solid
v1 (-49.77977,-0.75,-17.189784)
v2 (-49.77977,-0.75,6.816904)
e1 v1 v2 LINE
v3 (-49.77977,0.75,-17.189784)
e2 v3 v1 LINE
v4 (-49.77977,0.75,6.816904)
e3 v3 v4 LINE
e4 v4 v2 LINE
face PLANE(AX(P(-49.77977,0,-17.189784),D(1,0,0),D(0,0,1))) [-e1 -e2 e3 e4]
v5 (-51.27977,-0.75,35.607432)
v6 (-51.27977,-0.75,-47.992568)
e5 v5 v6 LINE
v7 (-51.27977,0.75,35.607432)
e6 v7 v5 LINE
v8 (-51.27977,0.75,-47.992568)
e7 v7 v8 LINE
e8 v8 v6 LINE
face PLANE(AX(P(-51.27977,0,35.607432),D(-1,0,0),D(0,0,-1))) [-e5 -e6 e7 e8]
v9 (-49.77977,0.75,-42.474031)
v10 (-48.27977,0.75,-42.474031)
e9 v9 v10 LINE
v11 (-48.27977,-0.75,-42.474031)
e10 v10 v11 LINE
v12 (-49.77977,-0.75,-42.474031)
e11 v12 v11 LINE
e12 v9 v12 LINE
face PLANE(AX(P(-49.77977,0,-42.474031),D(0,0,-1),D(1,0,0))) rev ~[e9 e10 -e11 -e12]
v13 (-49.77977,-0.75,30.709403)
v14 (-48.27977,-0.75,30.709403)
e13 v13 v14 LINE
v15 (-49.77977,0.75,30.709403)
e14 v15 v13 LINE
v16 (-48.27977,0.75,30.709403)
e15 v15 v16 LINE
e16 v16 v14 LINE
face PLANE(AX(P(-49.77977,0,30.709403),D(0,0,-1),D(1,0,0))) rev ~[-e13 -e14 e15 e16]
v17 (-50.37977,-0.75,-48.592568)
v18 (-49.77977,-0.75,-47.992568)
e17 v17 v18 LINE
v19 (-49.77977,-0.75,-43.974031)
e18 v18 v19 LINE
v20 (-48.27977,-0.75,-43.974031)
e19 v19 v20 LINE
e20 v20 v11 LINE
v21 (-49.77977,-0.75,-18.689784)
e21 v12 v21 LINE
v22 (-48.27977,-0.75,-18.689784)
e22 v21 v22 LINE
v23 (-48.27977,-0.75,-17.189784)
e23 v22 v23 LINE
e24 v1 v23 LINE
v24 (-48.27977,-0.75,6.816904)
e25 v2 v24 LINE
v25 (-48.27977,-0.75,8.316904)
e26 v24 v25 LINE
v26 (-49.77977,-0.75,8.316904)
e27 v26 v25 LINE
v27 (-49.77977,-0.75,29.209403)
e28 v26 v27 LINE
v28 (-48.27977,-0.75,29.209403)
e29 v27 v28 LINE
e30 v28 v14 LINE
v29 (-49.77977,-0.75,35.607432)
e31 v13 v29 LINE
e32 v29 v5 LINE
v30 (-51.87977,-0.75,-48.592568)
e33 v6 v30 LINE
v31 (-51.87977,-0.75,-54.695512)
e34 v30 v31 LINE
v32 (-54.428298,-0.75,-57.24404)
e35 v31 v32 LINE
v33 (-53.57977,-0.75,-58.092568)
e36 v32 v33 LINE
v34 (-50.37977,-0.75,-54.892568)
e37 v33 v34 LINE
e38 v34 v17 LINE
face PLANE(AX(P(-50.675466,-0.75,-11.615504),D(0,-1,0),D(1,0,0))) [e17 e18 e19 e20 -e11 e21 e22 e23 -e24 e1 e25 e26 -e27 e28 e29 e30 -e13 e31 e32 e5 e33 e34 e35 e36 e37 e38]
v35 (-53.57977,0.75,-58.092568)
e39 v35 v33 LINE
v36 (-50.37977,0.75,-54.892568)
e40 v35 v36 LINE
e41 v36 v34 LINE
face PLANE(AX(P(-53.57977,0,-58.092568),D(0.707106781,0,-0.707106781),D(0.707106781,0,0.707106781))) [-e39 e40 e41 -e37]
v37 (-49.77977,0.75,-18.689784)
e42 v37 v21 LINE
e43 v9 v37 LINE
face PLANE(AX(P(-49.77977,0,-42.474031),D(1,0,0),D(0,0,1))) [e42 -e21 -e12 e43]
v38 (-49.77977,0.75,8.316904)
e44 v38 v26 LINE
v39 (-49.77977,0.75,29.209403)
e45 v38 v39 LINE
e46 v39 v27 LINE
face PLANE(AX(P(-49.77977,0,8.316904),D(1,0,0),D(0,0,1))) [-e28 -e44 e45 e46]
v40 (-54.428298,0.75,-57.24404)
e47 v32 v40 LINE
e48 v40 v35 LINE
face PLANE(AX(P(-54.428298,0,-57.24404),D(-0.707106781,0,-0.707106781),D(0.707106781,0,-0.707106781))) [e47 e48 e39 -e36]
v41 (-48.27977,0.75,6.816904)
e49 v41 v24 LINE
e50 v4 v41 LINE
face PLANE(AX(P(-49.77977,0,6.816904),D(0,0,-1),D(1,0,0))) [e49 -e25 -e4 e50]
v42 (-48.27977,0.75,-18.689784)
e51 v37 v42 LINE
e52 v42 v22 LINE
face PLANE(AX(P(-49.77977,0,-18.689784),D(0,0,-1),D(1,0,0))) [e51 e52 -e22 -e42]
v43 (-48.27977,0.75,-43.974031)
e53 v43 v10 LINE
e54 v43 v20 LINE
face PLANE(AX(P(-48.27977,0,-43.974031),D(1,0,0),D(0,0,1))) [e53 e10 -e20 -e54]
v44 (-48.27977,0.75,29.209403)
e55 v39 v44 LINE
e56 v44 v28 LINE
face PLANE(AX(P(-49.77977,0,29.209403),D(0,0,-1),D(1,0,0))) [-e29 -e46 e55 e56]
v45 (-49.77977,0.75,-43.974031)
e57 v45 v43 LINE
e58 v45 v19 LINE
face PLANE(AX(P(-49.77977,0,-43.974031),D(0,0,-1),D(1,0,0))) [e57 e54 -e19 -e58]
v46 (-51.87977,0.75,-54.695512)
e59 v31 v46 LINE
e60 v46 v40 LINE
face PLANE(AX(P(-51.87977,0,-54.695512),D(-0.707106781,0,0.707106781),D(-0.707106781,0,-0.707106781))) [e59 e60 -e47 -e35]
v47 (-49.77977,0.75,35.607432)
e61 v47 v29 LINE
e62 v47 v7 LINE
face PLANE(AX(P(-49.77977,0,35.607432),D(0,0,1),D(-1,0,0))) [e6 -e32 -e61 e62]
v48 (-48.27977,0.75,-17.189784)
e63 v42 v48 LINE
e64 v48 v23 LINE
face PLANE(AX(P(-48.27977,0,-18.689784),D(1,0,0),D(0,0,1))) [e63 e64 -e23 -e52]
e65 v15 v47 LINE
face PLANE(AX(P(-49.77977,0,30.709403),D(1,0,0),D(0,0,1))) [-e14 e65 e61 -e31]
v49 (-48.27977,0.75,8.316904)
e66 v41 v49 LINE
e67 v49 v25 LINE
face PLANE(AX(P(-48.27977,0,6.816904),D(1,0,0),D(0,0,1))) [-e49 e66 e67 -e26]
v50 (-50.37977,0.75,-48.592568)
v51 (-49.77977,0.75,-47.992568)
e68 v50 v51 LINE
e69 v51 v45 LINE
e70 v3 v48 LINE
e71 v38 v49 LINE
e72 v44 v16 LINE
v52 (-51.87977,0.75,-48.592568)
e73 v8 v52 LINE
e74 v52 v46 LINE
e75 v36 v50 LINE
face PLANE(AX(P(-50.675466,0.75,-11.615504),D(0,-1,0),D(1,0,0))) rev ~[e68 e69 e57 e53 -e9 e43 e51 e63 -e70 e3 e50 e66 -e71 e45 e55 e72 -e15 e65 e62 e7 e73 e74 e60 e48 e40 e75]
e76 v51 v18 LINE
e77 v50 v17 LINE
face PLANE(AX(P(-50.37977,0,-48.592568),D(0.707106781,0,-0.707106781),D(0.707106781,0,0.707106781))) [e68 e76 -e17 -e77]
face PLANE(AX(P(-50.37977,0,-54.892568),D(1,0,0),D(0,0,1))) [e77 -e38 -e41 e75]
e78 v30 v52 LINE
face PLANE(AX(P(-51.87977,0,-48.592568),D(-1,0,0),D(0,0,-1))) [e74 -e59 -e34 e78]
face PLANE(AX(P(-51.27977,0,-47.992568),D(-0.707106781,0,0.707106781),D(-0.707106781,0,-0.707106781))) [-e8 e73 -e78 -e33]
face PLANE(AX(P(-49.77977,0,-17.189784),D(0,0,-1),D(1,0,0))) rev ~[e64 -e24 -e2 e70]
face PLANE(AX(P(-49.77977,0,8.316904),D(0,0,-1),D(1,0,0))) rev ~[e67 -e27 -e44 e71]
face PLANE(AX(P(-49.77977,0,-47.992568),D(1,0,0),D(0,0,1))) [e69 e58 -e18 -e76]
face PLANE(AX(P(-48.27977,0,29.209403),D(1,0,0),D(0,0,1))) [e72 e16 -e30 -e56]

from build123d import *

# Parameters (mm, degrees)
F0_W     = 1.5
F0_H     = 1.5
F1_DEPTH = 0.75


with BuildPart() as f1:
    # F0 (on Front) → F1 (new body, symmetric)
    with BuildSketch(Plane.XZ):
        Polygon((-54.428298, -57.24404), (-53.57977, -58.092568), (-50.37977, -54.892568), (-50.37977, -48.592568), (-49.77977, -47.992568), (-49.77977, -43.974031), (-49.77977, -42.474031), (-49.77977, -18.689784), (-49.77977, -17.189784), (-49.77977, -13.796059), (-49.77977, -12.296059), (-49.77977, 6.816904), (-49.77977, 8.316904), (-49.77977, 29.209403), (-49.77977, 30.709403), (-49.77977, 35.607432), (-51.27977, 35.607432), (-51.27977, -47.992568), (-51.87977, -48.592568), (-51.87977, -54.695512), align=None)
        with Locations((-49.02977, -43.224031)):
            Rectangle(F0_W, F0_H)
        with Locations((-49.02977, -17.939784)):
            Rectangle(F0_W, F0_H)
        with Locations((-49.02977, 29.959403)):
            Rectangle(F0_W, F0_H)
        with Locations((-49.02977, 7.566904)):
            Rectangle(F0_W, F0_H)
    extrude(amount=F1_DEPTH, both=True)


solid = f1.part
